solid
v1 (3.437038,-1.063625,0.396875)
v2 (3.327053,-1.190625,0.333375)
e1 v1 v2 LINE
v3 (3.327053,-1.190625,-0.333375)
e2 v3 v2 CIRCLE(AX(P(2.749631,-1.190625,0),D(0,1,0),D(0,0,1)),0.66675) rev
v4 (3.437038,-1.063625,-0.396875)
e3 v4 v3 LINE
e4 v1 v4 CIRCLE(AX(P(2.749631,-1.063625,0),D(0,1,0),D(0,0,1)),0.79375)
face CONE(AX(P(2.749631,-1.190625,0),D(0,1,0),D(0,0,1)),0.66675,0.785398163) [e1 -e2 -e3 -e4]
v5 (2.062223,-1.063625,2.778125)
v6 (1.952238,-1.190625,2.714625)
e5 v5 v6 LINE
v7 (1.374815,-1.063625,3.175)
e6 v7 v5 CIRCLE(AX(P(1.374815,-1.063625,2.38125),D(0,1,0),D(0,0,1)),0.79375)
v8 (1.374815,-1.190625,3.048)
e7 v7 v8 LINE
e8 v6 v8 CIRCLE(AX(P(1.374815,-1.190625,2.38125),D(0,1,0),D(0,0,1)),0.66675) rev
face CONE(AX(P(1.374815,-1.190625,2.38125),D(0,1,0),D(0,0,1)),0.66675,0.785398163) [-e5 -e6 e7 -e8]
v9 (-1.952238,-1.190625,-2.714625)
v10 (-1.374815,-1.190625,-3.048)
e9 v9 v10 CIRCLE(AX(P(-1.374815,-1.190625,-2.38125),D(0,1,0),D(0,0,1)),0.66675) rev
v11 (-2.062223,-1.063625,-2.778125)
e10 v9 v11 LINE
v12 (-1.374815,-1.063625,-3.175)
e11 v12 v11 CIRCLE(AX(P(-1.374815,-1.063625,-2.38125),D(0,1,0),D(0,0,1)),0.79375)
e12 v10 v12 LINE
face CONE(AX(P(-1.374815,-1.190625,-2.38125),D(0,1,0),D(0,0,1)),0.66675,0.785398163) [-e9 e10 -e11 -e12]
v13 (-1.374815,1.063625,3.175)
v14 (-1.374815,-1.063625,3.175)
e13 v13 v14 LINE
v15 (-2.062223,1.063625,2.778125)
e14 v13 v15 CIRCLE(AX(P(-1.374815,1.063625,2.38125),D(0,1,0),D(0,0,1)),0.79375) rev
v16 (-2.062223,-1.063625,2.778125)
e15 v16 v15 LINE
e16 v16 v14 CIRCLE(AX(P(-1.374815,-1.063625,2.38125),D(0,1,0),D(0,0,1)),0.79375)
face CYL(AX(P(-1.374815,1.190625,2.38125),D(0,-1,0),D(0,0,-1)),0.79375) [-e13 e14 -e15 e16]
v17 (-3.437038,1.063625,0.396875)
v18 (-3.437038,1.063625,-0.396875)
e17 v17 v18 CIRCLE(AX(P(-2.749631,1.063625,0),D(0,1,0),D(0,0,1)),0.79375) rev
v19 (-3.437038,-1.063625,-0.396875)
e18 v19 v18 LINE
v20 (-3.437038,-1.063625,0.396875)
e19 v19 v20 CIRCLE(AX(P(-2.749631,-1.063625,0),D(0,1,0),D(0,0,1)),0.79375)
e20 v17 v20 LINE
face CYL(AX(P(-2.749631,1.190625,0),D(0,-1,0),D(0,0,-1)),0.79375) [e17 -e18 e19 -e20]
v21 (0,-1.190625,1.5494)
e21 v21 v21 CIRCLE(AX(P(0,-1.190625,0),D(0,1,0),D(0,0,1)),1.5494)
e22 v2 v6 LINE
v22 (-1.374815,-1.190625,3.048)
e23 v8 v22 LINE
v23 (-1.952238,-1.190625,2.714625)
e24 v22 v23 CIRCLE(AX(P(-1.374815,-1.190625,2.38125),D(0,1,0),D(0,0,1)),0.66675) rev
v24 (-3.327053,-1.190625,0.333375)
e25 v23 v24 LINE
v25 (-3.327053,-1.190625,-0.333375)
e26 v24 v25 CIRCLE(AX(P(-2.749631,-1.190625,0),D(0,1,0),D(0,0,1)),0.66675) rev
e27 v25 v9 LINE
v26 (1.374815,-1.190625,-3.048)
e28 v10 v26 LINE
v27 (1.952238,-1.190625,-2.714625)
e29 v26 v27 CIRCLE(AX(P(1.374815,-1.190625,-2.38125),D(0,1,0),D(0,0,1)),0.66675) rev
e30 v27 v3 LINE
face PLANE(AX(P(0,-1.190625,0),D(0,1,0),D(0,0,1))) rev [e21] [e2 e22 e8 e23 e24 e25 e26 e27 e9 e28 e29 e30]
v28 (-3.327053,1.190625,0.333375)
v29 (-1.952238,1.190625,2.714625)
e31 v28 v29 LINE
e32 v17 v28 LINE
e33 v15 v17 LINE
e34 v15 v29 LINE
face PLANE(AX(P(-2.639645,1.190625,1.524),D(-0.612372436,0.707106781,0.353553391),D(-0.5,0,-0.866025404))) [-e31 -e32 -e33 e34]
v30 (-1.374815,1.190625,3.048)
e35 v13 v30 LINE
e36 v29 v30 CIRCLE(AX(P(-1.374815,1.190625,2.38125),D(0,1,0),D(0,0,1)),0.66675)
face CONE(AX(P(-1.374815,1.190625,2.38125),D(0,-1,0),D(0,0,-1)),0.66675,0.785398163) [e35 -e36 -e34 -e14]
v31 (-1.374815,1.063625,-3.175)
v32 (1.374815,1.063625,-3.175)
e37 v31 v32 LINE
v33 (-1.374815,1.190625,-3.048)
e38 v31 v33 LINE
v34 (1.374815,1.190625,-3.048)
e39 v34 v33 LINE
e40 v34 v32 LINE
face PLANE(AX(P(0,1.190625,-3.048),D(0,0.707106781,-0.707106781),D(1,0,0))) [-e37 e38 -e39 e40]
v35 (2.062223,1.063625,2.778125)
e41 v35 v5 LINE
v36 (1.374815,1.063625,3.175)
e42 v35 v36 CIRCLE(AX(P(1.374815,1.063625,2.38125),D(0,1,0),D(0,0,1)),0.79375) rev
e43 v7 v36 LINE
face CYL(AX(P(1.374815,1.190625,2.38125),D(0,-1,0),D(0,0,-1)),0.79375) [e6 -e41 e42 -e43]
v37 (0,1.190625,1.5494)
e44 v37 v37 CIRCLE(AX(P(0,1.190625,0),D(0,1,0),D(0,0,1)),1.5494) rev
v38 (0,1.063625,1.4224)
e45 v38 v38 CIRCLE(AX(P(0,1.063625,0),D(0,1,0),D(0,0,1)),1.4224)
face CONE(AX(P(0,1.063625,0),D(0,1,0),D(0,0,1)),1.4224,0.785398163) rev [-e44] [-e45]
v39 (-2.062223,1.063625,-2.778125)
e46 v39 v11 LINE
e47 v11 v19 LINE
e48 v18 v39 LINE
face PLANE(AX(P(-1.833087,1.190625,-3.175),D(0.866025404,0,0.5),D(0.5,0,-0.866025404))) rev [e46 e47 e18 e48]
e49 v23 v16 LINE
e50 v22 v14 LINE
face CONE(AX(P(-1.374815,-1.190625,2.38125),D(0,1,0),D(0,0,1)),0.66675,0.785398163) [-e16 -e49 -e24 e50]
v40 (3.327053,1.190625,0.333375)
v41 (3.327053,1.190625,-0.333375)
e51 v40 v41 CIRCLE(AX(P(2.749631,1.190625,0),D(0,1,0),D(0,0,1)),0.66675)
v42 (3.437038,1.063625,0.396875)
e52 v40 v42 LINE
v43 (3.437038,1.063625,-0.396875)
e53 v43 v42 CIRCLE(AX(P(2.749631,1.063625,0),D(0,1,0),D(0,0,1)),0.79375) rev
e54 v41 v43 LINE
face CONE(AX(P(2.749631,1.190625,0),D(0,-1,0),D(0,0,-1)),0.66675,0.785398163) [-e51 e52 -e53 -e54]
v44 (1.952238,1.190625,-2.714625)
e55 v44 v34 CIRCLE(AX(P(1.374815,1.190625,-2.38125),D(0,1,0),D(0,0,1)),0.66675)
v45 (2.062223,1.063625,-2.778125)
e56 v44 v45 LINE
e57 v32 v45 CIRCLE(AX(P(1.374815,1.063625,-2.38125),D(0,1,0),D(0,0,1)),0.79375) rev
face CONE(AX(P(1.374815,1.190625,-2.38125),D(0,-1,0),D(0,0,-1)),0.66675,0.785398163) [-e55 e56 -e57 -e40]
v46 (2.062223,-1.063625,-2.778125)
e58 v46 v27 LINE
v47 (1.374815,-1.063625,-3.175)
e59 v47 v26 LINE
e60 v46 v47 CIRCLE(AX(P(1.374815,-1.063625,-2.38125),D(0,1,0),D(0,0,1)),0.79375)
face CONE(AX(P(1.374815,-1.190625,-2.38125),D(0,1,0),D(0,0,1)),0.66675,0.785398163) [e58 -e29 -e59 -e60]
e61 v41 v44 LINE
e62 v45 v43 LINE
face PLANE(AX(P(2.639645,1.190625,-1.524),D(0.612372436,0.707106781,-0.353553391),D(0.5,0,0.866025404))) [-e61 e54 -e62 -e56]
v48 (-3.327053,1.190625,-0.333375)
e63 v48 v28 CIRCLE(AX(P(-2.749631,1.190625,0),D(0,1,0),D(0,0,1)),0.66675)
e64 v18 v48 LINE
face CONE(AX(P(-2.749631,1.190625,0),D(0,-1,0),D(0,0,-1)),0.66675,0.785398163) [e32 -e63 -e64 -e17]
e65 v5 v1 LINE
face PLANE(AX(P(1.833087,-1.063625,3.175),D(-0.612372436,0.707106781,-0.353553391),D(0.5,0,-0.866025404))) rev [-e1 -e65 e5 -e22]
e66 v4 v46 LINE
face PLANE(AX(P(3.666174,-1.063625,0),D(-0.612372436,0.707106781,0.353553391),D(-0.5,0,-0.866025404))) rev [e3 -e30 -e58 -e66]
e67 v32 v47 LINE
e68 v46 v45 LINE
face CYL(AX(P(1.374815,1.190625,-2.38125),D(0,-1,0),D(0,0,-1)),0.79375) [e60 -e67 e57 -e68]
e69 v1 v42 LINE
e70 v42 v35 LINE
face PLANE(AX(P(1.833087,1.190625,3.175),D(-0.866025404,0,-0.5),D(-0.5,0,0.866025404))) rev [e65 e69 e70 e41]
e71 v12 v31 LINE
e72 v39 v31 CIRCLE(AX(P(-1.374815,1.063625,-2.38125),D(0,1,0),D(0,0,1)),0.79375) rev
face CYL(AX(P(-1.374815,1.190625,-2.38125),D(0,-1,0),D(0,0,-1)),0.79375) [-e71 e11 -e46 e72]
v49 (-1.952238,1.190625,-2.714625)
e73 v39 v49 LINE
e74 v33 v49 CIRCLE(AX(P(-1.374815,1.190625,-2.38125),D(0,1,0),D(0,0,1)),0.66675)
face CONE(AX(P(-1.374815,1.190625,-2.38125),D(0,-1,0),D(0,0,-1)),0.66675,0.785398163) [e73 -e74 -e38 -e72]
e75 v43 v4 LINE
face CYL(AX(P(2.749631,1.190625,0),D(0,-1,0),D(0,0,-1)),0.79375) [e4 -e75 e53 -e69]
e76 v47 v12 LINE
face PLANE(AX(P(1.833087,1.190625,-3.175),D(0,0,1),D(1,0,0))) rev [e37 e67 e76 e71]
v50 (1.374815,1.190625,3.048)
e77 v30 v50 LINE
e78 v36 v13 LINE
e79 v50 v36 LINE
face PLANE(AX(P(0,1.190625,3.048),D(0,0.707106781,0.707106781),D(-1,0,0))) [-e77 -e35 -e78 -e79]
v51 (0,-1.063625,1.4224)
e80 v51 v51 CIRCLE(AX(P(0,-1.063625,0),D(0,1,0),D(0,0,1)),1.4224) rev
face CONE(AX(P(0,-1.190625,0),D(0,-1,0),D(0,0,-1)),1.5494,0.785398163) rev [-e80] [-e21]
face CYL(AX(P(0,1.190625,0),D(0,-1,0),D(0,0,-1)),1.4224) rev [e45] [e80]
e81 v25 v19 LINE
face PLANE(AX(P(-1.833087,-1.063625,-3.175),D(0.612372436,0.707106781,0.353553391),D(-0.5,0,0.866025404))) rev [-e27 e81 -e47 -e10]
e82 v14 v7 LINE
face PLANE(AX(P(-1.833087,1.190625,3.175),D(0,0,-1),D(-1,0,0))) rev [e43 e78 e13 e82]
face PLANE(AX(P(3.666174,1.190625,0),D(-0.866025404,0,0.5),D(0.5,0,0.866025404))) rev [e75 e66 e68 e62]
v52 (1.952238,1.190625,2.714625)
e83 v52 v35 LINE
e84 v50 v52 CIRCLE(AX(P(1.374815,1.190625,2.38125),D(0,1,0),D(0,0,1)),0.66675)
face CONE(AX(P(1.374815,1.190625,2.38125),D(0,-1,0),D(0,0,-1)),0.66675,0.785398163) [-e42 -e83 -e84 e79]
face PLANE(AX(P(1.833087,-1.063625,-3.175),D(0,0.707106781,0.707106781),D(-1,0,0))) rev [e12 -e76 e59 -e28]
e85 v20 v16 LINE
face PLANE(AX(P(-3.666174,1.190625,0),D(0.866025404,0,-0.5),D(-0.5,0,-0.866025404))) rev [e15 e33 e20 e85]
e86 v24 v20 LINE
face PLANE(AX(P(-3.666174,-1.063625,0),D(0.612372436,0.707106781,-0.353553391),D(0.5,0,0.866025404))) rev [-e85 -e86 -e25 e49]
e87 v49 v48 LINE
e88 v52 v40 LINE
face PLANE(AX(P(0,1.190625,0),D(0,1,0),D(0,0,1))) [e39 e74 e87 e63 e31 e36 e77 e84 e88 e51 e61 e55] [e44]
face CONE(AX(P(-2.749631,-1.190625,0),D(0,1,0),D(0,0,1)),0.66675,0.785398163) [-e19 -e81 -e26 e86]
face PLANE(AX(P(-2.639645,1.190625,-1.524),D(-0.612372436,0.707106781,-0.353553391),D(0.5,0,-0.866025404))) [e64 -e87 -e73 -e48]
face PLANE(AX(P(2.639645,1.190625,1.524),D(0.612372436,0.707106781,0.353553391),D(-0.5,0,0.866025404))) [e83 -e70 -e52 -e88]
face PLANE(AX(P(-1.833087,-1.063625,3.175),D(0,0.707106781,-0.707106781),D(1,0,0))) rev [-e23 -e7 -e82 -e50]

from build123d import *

# Parameters (mm, degrees)
SKETCH3_R           = 1.4224
BOSS_EXTRUDE1_DEPTH = 1.190625
FILLET1_R           = 0.79375
CHAMFER1_SIZE       = 0.127


with BuildPart() as part:
    # Sketch3 → Boss-Extrude1 (new body, symmetric)
    with BuildSketch(Plane(origin=(0, 0, 0), x_dir=(1, 0, 0), z_dir=(0, 1, 0))):
        Polygon((1.833087105, 3.175), (-1.833087105, 3.175), (-3.666174209, 0), (-1.833087105, -3.175), (1.833087105, -3.175), (3.666174209, 0), align=None)
        Circle(SKETCH3_R, mode=Mode.SUBTRACT)
    extrude(amount=BOSS_EXTRUDE1_DEPTH, both=True)

    # Fillet1
    fillet1_edges = [part.edges().sort_by_distance(p)[0] for p in [
        (3.666174209, 0, 0),
        (1.833087105, 0, 3.175),
        (-1.833087105, 0, 3.175),
        (-3.666174209, 0, 0),
        (-1.833087105, 0, -3.175),
        (1.833087105, 0, -3.175),
    ]]
    fillet(fillet1_edges, radius=FILLET1_R)

    # Chamfer1
    chamfer1_edges = [part.edges().sort_by_distance(p)[0] for p in [
        (-1.4224, -1.190625, 0),
        (-1.4224, 1.190625, 0),
        (2.749630657, -1.190625, -1.5875),
        (2.749630657, 1.190625, -1.5875),
        (2.749630657, -1.190625, 1.5875),
        (0, -1.190625, 3.175),
        (-2.749630657, -1.190625, 1.5875),
        (-2.749630657, -1.190625, -1.5875),
        (0, -1.190625, -3.175),
        (-1.771690329, -1.190625, 3.068657664),
        (1.771690329, -1.190625, -3.068657664),
        (-1.771690329, -1.190625, -3.068657664),
        (-3.543380657, -1.190625, 0),
        (1.771690329, -1.190625, 3.068657664),
        (3.543380657, -1.190625, 0),
        (2.749630657, 1.190625, 1.5875),
        (0, 1.190625, -3.175),
        (-2.749630657, 1.190625, -1.5875),
        (-2.749630657, 1.190625, 1.5875),
        (0, 1.190625, 3.175),
        (-1.771690329, 1.190625, 3.068657664),
        (1.771690329, 1.190625, -3.068657664),
        (-1.771690329, 1.190625, -3.068657664),
        (-3.543380657, 1.190625, 0),
        (1.771690329, 1.190625, 3.068657664),
        (3.543380657, 1.190625, 0),
    ]]
    chamfer(chamfer1_edges, length=CHAMFER1_SIZE)


solid = part.part
